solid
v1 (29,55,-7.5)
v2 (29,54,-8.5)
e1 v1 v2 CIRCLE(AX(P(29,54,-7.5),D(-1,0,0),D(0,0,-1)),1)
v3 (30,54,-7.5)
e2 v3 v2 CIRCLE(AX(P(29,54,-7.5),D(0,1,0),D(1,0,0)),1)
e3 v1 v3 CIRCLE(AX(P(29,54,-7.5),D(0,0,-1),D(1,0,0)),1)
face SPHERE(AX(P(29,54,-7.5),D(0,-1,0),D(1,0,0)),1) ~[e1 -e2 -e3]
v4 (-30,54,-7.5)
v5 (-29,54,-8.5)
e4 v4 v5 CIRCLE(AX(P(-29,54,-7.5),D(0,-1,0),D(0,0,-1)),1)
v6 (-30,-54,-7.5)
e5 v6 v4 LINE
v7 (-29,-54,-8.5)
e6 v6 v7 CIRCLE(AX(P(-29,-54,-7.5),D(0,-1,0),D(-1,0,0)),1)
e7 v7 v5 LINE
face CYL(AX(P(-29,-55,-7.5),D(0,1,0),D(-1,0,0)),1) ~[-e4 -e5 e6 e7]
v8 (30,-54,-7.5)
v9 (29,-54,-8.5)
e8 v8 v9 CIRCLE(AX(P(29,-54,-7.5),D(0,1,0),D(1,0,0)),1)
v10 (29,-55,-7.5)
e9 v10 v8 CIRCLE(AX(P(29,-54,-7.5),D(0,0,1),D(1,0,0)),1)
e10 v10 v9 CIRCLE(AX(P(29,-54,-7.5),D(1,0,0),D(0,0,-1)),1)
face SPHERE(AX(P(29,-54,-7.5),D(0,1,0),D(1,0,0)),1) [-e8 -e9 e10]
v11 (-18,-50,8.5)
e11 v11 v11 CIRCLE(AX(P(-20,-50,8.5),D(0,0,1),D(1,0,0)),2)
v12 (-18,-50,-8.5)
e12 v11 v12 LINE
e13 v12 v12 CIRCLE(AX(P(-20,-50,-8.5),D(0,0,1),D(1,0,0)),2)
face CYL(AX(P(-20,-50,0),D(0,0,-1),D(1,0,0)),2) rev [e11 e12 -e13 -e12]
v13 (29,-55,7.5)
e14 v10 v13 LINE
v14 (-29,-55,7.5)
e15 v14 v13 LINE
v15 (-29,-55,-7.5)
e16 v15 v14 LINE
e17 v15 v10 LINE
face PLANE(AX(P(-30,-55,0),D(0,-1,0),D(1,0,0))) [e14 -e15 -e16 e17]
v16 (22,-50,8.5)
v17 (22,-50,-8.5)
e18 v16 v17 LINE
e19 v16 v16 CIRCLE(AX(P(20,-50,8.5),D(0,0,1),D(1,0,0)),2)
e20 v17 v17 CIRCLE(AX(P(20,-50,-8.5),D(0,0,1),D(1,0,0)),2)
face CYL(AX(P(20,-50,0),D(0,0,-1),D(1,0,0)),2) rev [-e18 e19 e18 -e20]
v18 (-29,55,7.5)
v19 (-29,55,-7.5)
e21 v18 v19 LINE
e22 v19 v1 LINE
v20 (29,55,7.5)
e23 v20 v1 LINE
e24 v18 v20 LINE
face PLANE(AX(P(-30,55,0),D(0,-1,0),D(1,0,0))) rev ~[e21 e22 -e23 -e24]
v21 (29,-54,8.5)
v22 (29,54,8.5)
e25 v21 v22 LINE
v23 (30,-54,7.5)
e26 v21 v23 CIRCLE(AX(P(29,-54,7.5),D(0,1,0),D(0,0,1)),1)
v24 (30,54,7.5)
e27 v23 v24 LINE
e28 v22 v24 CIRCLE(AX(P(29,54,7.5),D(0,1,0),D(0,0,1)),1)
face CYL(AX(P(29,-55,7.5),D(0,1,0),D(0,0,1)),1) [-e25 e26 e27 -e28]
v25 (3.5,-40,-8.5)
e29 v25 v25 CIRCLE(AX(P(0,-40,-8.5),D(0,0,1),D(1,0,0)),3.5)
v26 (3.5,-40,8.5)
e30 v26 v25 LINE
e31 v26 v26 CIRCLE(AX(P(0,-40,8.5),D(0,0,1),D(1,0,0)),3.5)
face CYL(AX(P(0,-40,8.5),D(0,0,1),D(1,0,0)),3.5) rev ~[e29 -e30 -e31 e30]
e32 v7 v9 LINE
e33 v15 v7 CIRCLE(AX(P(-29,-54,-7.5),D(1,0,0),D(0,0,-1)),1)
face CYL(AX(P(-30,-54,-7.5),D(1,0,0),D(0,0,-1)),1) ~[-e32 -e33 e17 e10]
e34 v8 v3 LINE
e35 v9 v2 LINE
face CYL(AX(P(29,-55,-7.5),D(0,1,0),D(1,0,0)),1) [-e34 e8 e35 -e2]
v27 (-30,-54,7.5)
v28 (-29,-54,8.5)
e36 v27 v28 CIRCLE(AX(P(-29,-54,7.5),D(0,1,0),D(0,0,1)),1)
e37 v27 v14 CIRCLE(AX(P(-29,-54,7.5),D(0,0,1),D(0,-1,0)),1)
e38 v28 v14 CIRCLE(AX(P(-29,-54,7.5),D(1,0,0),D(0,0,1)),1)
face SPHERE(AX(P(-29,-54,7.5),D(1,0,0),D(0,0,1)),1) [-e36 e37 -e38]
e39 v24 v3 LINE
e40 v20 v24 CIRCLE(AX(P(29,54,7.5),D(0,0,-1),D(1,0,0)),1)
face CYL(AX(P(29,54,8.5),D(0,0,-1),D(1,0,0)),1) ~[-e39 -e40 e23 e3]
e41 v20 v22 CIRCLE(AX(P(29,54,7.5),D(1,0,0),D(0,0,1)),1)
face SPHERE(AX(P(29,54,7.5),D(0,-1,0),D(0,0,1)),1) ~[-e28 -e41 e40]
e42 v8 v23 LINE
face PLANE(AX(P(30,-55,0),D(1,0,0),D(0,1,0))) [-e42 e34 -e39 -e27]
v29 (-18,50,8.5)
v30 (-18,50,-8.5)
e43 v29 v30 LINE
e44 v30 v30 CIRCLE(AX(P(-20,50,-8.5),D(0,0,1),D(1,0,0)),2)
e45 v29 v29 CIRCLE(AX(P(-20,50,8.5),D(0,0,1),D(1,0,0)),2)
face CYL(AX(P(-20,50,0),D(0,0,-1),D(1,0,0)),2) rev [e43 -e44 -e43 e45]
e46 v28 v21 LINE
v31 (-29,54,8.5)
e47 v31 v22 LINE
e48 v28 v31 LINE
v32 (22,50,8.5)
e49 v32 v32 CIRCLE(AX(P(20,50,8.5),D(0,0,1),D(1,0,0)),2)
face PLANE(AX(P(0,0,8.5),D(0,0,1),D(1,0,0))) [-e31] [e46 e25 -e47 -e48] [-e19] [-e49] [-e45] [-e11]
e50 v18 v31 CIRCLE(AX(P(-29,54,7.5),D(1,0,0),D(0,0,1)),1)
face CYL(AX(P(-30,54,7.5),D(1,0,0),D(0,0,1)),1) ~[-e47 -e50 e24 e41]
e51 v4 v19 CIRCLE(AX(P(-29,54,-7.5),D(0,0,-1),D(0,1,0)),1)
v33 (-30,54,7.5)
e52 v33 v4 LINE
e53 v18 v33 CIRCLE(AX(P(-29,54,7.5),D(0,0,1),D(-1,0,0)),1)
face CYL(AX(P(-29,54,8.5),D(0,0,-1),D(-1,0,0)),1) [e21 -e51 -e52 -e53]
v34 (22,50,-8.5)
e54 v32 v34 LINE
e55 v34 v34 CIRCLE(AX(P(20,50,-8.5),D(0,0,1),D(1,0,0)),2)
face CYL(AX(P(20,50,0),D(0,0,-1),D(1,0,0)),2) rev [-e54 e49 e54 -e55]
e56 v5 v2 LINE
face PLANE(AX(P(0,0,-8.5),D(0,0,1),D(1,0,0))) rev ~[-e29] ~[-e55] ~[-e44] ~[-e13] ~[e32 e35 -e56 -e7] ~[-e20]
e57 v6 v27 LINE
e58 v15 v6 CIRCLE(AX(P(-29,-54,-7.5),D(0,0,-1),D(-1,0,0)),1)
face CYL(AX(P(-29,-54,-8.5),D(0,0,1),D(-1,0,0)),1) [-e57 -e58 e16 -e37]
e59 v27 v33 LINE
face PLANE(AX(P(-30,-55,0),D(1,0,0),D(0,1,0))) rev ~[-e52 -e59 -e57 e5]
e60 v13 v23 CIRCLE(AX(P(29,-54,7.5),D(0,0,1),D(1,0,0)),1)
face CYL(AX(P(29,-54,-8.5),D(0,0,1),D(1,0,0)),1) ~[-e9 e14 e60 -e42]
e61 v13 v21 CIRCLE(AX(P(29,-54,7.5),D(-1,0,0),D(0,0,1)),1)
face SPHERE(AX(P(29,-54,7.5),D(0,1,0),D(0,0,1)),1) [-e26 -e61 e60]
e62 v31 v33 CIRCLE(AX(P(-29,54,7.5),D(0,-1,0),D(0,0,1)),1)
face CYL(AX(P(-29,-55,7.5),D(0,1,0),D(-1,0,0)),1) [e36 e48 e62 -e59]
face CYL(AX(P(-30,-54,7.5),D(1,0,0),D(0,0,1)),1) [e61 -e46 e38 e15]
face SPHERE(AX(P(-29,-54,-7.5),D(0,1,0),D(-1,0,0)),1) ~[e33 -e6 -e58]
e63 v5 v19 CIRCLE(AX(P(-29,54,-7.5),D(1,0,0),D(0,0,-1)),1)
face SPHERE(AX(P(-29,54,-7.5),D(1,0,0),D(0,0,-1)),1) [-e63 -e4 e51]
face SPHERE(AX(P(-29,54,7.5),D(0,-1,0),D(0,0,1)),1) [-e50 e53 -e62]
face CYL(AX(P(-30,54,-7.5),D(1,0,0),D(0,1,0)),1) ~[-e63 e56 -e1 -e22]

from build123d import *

# Parameters (mm, degrees)
F0_W     = 60
F0_H     = 110
F0_R     = 2
F1_DEPTH = 8.5
F2_R     = 1
F3_R     = 3.5
F4_DEPTH = 25


with BuildPart() as f1:
    # F0 (on Top) → F1 (new body, symmetric)
    with BuildSketch(Plane.XY):
        Rectangle(F0_W, F0_H)
        with Locations((-20, -50)):
            Circle(F0_R, mode=Mode.SUBTRACT)
        with Locations((20, -50)):
            Circle(F0_R, mode=Mode.SUBTRACT)
        with Locations((-20, 50)):
            Circle(F0_R, mode=Mode.SUBTRACT)
        with Locations((20, 50)):
            Circle(F0_R, mode=Mode.SUBTRACT)
    extrude(amount=F1_DEPTH, both=True)

    # F2
    f2_edges = [f1.edges().sort_by_distance(p)[0] for p in [
        (30, 0, 8.5),
        (0, -55, 8.5),
        (-30, 0, 8.5),
        (0, 55, 8.5),
        (30, 0, -8.5),
        (30, -55, 0),
        (30, 55, 0),
        (0, 55, -8.5),
        (-30, 0, -8.5),
        (-30, 55, 0),
        (-30, -55, 0),
        (0, -55, -8.5),
    ]]
    fillet(f2_edges, radius=F2_R)

    # F3 (on face) → F4 (cut)
    with BuildSketch(Plane.XY.offset(8.5)):
        with Locations((0, -40)):
            Circle(F3_R)
    extrude(amount=-F4_DEPTH, mode=Mode.SUBTRACT)


solid = f1.part
